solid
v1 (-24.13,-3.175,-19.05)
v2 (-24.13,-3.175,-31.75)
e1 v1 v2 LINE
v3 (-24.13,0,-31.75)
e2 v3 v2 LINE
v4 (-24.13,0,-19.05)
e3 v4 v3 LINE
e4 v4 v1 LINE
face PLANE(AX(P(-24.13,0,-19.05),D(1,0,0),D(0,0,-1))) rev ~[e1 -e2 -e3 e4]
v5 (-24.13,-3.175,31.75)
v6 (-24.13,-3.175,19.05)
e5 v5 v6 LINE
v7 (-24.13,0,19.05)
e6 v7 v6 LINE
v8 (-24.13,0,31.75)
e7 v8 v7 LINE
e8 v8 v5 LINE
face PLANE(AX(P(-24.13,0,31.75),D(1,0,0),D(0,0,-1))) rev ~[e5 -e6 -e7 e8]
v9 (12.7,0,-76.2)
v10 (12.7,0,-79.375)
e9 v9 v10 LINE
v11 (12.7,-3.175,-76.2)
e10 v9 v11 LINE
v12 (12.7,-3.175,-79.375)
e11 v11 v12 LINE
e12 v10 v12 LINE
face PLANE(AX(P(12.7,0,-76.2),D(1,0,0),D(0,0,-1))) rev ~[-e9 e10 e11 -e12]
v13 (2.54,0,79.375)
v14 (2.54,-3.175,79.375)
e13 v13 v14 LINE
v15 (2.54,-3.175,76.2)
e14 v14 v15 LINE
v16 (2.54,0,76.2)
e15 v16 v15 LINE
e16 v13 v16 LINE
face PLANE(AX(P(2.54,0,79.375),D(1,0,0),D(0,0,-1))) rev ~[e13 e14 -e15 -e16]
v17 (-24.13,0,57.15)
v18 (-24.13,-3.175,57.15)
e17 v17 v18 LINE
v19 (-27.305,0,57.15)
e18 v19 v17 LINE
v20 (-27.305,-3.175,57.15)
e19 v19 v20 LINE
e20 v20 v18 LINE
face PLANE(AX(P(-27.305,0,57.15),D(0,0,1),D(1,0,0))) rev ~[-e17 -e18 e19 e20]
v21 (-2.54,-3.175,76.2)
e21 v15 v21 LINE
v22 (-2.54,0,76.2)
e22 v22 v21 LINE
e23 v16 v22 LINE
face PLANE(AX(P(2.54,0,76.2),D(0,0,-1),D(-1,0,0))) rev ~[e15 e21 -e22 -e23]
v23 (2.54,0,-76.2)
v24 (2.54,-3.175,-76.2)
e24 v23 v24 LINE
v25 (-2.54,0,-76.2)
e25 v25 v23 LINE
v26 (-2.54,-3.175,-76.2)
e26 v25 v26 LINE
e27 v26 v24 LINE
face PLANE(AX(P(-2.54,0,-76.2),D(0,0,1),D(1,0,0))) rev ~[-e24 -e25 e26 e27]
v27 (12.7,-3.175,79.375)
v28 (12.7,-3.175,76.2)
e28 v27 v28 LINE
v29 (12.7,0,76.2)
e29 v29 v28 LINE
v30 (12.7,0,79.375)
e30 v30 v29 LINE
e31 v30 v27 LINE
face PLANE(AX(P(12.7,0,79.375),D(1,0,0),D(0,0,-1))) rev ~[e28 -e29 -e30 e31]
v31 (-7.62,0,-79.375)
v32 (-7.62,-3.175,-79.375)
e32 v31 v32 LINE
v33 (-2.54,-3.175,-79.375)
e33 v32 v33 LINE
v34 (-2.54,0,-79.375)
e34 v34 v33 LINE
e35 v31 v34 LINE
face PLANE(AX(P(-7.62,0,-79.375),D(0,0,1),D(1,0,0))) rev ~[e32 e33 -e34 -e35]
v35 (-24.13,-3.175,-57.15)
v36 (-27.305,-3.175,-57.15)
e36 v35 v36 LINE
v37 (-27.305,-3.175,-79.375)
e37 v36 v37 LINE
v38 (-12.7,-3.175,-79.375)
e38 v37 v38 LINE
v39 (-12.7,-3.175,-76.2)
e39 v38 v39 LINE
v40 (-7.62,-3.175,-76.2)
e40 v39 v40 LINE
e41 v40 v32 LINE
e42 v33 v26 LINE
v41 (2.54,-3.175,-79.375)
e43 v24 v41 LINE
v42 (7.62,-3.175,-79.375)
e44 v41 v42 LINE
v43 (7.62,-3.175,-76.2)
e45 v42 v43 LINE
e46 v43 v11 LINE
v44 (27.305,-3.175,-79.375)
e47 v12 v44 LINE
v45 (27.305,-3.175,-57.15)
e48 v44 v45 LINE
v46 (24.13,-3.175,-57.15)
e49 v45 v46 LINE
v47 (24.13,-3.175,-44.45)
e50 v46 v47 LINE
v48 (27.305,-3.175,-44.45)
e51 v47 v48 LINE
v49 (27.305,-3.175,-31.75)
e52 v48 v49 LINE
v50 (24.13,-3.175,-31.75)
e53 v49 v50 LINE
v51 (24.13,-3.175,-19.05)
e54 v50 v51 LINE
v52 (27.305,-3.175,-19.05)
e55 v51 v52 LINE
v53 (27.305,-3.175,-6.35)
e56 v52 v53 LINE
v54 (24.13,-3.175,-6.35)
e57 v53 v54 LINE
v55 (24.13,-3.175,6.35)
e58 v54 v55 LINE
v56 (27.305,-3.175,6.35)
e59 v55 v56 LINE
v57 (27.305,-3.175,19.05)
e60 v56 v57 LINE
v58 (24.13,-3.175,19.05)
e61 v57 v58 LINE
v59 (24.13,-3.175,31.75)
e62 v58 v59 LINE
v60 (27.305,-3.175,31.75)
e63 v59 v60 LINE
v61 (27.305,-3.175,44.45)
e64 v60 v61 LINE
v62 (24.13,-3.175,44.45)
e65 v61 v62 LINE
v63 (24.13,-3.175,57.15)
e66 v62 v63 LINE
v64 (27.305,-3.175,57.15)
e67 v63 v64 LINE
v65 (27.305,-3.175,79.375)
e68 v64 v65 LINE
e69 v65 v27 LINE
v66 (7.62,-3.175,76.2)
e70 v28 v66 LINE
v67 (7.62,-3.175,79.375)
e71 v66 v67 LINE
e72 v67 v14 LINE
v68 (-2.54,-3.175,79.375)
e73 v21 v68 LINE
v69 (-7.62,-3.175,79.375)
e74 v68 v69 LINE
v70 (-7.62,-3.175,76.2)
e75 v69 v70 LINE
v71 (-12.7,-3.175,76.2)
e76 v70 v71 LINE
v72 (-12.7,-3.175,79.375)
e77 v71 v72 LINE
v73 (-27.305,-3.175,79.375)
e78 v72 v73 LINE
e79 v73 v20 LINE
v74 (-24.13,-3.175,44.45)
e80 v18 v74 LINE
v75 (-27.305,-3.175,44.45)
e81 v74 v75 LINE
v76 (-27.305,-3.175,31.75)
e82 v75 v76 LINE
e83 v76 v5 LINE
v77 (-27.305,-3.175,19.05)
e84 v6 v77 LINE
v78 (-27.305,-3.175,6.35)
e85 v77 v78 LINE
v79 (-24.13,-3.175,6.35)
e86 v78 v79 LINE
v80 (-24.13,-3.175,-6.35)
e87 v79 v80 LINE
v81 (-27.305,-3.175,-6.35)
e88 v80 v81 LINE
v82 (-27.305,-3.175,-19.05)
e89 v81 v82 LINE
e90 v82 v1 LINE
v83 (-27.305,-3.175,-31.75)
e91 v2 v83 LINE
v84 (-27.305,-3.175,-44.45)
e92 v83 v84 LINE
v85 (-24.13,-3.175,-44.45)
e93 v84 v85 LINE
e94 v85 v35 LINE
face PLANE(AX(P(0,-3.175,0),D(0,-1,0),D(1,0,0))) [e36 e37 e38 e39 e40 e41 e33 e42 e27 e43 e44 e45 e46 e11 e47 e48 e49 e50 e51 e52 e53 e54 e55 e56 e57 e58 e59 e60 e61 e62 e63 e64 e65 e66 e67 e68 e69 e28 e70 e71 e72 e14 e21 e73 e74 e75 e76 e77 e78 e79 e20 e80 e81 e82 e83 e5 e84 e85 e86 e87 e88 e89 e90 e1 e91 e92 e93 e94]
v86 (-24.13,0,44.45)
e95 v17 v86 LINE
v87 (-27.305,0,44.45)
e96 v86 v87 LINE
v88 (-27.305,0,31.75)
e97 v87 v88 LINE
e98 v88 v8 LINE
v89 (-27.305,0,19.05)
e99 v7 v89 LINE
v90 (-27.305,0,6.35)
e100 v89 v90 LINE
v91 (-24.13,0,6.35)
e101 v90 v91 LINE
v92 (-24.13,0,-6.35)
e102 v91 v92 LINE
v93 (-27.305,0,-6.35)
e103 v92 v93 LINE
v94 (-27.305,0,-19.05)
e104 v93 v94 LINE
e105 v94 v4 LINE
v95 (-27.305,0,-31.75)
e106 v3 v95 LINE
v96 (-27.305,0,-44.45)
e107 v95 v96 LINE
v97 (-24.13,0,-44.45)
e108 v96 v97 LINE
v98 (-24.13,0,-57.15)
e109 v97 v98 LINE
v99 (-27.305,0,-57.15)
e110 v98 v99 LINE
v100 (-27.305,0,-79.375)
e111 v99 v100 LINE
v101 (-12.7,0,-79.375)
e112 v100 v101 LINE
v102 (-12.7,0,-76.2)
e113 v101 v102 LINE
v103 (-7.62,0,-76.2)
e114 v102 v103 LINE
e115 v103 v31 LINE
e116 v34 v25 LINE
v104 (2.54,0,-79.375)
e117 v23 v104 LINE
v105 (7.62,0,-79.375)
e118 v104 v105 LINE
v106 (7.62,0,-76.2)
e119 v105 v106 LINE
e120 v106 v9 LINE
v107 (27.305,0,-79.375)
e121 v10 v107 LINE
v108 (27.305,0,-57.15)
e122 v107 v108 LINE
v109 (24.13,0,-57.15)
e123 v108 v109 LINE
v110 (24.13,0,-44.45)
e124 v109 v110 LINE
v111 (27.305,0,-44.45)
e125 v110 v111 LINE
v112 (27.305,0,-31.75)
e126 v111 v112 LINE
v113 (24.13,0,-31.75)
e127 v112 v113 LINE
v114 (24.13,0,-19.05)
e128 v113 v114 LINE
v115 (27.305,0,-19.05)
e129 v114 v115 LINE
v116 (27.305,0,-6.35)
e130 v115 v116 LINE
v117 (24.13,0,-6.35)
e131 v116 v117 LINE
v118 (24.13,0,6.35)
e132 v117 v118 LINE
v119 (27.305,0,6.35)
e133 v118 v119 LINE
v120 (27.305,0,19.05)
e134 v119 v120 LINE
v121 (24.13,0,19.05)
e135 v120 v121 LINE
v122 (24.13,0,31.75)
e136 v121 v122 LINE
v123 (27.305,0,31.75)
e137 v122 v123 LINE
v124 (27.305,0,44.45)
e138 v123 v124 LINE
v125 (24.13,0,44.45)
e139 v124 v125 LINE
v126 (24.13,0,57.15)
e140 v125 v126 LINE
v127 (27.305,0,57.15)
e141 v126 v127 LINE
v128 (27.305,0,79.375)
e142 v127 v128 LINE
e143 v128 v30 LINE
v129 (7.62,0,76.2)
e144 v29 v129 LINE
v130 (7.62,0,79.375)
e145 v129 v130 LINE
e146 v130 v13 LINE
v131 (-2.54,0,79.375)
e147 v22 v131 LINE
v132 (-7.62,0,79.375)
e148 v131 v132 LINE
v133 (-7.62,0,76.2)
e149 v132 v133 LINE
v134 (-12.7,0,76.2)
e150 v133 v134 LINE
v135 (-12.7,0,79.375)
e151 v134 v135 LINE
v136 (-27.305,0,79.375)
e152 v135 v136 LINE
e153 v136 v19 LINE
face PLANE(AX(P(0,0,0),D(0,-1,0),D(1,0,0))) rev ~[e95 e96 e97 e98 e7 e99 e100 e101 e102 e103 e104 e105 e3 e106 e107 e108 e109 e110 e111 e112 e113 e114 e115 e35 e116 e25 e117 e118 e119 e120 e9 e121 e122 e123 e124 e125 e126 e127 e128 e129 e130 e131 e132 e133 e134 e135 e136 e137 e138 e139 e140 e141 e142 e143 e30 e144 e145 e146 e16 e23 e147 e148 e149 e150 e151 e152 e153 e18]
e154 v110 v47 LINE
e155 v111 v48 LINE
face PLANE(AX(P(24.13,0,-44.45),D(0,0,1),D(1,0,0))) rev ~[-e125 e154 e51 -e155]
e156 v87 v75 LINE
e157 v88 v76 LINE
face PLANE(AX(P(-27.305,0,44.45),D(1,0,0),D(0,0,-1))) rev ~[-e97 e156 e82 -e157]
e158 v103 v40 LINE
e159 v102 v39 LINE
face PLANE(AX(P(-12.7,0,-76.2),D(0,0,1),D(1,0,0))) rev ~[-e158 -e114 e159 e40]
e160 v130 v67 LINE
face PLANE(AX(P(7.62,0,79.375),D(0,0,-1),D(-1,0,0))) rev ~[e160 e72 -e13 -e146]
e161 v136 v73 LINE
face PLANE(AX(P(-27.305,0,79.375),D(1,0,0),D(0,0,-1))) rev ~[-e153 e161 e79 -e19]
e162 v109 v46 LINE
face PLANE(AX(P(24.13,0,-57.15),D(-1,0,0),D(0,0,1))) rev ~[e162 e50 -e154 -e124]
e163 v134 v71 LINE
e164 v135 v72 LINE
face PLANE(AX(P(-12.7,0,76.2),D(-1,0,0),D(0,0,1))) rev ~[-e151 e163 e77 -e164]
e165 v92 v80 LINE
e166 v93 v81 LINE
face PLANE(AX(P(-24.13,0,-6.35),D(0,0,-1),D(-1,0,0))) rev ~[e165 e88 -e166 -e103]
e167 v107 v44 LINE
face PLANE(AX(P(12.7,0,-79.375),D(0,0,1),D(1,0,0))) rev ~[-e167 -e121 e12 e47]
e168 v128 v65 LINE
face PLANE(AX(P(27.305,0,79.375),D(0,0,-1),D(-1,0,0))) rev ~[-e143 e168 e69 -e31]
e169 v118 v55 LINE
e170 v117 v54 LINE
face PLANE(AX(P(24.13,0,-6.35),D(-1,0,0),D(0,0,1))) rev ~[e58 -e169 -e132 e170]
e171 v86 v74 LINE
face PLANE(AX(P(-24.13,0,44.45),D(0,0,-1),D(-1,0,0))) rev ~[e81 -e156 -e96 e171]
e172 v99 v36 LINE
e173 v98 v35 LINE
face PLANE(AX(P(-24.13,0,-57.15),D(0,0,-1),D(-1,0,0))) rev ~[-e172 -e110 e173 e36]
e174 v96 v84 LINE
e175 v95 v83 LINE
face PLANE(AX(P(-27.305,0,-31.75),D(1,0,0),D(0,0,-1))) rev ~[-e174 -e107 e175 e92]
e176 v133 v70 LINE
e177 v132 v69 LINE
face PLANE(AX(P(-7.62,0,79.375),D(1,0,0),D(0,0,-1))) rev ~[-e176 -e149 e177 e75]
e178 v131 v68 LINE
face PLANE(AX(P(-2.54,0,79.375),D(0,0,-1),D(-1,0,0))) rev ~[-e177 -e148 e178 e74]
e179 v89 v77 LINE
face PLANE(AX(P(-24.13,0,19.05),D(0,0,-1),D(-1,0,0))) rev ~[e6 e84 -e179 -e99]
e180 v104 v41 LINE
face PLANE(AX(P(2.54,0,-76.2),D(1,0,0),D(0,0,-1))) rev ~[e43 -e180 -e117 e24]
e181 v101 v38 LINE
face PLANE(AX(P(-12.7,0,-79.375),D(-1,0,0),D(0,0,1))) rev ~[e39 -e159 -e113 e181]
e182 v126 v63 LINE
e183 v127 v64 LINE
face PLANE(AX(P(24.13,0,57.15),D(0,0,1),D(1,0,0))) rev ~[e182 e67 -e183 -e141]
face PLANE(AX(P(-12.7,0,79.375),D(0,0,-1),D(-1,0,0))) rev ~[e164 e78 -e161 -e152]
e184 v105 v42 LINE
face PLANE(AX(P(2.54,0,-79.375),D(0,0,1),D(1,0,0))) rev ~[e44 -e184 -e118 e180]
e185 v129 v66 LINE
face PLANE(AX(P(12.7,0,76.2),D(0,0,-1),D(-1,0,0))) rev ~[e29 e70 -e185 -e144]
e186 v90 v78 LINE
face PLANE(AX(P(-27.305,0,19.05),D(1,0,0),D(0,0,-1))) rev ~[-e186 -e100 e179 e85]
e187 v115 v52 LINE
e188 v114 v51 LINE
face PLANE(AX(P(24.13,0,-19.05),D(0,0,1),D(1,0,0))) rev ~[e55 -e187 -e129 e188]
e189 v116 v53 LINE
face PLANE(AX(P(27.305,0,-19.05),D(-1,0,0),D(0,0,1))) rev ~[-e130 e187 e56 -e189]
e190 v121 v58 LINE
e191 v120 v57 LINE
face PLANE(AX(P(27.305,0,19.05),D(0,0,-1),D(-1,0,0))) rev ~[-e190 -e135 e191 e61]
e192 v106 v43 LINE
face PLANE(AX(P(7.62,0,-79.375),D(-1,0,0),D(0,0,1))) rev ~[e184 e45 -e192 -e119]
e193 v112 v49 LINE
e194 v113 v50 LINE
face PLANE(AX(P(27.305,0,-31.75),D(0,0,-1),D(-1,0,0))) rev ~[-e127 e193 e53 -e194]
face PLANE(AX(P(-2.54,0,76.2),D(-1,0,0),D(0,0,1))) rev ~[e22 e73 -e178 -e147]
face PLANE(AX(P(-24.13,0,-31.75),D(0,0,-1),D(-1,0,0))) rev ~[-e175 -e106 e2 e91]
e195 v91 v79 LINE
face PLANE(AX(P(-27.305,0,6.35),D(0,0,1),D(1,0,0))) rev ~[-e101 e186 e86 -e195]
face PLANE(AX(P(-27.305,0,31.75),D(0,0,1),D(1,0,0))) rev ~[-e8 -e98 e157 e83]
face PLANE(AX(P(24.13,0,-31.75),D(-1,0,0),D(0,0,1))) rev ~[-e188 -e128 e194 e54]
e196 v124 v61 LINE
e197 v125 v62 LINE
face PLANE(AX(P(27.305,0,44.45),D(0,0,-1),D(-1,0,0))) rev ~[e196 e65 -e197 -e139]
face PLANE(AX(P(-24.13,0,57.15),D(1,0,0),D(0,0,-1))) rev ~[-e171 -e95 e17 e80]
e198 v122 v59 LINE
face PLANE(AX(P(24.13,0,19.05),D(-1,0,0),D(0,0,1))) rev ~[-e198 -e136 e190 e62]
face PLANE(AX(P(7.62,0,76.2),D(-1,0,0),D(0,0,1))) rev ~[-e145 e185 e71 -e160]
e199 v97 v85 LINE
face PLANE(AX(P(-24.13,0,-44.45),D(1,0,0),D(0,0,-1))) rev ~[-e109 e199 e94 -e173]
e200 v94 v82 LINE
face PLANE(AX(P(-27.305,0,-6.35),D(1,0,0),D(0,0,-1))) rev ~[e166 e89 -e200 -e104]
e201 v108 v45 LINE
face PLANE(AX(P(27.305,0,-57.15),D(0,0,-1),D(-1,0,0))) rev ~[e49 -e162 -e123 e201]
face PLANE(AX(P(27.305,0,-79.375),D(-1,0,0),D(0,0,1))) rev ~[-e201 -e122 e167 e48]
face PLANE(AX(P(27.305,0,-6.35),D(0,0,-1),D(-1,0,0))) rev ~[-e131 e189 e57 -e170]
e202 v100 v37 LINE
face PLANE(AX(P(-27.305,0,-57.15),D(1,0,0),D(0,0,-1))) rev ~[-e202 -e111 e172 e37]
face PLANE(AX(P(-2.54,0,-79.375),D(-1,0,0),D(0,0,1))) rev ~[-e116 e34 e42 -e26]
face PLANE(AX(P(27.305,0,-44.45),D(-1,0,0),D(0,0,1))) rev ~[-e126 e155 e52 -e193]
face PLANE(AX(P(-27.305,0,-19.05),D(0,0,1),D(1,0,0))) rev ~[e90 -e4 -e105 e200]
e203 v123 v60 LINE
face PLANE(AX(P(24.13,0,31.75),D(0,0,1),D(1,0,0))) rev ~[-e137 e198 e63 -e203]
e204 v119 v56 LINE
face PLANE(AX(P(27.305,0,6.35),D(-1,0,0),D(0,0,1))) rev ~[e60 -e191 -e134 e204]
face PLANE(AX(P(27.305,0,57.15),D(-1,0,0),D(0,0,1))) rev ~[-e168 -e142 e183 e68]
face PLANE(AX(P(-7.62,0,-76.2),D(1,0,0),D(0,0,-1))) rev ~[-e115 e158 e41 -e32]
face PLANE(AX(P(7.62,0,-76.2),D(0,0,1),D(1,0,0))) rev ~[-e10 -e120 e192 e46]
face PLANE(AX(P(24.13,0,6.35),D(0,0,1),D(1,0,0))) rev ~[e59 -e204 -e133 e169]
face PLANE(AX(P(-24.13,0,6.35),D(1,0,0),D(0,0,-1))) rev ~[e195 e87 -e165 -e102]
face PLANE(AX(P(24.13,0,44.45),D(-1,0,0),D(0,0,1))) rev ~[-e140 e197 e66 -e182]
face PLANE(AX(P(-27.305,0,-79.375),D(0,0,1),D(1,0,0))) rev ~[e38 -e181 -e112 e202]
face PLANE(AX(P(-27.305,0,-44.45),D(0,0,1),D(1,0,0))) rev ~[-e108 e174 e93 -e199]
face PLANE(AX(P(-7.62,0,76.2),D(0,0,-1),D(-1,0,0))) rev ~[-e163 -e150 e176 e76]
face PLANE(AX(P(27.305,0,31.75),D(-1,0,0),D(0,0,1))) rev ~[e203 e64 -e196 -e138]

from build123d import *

# Parameters (mm, degrees)
F1_DEPTH = 3.175


with BuildPart() as f1:
    # F0 (on Front) → F1 (new body)
    with BuildSketch(Plane.XZ):
        Polygon((-12.7, 76.2), (-12.7, 79.375), (-27.305, 79.375), (-27.305, 57.15), (-24.13, 57.15), (-24.13, 44.45), (-27.305, 44.45), (-27.305, 31.75), (-24.13, 31.75), (-24.13, 19.05), (-27.305, 19.05), (-27.305, 6.35), (-24.13, 6.35), (-24.13, -6.35), (-27.305, -6.35), (-27.305, -19.05), (-24.13, -19.05), (-24.13, -31.75), (-27.305, -31.75), (-27.305, -44.45), (-24.13, -44.45), (-24.13, -57.15), (-27.305, -57.15), (-27.305, -79.375), (-12.7, -79.375), (-12.7, -76.2), (-7.62, -76.2), (-7.62, -79.375), (-2.54, -79.375), (-2.54, -76.2), (2.54, -76.2), (2.54, -79.375), (7.62, -79.375), (7.62, -76.2), (12.7, -76.2), (12.7, -79.375), (27.305, -79.375), (27.305, -57.15), (24.13, -57.15), (24.13, -44.45), (27.305, -44.45), (27.305, -31.75), (24.13, -31.75), (24.13, -19.05), (27.305, -19.05), (27.305, -6.35), (24.13, -6.35), (24.13, 6.35), (27.305, 6.35), (27.305, 19.05), (24.13, 19.05), (24.13, 31.75), (27.305, 31.75), (27.305, 44.45), (24.13, 44.45), (24.13, 57.15), (27.305, 57.15), (27.305, 79.375), (12.7, 79.375), (12.7, 76.2), (7.62, 76.2), (7.62, 79.375), (2.54, 79.375), (2.54, 76.2), (-2.54, 76.2), (-2.54, 79.375), (-7.62, 79.375), (-7.62, 76.2), align=None)
    extrude(amount=F1_DEPTH)


solid = f1.part
